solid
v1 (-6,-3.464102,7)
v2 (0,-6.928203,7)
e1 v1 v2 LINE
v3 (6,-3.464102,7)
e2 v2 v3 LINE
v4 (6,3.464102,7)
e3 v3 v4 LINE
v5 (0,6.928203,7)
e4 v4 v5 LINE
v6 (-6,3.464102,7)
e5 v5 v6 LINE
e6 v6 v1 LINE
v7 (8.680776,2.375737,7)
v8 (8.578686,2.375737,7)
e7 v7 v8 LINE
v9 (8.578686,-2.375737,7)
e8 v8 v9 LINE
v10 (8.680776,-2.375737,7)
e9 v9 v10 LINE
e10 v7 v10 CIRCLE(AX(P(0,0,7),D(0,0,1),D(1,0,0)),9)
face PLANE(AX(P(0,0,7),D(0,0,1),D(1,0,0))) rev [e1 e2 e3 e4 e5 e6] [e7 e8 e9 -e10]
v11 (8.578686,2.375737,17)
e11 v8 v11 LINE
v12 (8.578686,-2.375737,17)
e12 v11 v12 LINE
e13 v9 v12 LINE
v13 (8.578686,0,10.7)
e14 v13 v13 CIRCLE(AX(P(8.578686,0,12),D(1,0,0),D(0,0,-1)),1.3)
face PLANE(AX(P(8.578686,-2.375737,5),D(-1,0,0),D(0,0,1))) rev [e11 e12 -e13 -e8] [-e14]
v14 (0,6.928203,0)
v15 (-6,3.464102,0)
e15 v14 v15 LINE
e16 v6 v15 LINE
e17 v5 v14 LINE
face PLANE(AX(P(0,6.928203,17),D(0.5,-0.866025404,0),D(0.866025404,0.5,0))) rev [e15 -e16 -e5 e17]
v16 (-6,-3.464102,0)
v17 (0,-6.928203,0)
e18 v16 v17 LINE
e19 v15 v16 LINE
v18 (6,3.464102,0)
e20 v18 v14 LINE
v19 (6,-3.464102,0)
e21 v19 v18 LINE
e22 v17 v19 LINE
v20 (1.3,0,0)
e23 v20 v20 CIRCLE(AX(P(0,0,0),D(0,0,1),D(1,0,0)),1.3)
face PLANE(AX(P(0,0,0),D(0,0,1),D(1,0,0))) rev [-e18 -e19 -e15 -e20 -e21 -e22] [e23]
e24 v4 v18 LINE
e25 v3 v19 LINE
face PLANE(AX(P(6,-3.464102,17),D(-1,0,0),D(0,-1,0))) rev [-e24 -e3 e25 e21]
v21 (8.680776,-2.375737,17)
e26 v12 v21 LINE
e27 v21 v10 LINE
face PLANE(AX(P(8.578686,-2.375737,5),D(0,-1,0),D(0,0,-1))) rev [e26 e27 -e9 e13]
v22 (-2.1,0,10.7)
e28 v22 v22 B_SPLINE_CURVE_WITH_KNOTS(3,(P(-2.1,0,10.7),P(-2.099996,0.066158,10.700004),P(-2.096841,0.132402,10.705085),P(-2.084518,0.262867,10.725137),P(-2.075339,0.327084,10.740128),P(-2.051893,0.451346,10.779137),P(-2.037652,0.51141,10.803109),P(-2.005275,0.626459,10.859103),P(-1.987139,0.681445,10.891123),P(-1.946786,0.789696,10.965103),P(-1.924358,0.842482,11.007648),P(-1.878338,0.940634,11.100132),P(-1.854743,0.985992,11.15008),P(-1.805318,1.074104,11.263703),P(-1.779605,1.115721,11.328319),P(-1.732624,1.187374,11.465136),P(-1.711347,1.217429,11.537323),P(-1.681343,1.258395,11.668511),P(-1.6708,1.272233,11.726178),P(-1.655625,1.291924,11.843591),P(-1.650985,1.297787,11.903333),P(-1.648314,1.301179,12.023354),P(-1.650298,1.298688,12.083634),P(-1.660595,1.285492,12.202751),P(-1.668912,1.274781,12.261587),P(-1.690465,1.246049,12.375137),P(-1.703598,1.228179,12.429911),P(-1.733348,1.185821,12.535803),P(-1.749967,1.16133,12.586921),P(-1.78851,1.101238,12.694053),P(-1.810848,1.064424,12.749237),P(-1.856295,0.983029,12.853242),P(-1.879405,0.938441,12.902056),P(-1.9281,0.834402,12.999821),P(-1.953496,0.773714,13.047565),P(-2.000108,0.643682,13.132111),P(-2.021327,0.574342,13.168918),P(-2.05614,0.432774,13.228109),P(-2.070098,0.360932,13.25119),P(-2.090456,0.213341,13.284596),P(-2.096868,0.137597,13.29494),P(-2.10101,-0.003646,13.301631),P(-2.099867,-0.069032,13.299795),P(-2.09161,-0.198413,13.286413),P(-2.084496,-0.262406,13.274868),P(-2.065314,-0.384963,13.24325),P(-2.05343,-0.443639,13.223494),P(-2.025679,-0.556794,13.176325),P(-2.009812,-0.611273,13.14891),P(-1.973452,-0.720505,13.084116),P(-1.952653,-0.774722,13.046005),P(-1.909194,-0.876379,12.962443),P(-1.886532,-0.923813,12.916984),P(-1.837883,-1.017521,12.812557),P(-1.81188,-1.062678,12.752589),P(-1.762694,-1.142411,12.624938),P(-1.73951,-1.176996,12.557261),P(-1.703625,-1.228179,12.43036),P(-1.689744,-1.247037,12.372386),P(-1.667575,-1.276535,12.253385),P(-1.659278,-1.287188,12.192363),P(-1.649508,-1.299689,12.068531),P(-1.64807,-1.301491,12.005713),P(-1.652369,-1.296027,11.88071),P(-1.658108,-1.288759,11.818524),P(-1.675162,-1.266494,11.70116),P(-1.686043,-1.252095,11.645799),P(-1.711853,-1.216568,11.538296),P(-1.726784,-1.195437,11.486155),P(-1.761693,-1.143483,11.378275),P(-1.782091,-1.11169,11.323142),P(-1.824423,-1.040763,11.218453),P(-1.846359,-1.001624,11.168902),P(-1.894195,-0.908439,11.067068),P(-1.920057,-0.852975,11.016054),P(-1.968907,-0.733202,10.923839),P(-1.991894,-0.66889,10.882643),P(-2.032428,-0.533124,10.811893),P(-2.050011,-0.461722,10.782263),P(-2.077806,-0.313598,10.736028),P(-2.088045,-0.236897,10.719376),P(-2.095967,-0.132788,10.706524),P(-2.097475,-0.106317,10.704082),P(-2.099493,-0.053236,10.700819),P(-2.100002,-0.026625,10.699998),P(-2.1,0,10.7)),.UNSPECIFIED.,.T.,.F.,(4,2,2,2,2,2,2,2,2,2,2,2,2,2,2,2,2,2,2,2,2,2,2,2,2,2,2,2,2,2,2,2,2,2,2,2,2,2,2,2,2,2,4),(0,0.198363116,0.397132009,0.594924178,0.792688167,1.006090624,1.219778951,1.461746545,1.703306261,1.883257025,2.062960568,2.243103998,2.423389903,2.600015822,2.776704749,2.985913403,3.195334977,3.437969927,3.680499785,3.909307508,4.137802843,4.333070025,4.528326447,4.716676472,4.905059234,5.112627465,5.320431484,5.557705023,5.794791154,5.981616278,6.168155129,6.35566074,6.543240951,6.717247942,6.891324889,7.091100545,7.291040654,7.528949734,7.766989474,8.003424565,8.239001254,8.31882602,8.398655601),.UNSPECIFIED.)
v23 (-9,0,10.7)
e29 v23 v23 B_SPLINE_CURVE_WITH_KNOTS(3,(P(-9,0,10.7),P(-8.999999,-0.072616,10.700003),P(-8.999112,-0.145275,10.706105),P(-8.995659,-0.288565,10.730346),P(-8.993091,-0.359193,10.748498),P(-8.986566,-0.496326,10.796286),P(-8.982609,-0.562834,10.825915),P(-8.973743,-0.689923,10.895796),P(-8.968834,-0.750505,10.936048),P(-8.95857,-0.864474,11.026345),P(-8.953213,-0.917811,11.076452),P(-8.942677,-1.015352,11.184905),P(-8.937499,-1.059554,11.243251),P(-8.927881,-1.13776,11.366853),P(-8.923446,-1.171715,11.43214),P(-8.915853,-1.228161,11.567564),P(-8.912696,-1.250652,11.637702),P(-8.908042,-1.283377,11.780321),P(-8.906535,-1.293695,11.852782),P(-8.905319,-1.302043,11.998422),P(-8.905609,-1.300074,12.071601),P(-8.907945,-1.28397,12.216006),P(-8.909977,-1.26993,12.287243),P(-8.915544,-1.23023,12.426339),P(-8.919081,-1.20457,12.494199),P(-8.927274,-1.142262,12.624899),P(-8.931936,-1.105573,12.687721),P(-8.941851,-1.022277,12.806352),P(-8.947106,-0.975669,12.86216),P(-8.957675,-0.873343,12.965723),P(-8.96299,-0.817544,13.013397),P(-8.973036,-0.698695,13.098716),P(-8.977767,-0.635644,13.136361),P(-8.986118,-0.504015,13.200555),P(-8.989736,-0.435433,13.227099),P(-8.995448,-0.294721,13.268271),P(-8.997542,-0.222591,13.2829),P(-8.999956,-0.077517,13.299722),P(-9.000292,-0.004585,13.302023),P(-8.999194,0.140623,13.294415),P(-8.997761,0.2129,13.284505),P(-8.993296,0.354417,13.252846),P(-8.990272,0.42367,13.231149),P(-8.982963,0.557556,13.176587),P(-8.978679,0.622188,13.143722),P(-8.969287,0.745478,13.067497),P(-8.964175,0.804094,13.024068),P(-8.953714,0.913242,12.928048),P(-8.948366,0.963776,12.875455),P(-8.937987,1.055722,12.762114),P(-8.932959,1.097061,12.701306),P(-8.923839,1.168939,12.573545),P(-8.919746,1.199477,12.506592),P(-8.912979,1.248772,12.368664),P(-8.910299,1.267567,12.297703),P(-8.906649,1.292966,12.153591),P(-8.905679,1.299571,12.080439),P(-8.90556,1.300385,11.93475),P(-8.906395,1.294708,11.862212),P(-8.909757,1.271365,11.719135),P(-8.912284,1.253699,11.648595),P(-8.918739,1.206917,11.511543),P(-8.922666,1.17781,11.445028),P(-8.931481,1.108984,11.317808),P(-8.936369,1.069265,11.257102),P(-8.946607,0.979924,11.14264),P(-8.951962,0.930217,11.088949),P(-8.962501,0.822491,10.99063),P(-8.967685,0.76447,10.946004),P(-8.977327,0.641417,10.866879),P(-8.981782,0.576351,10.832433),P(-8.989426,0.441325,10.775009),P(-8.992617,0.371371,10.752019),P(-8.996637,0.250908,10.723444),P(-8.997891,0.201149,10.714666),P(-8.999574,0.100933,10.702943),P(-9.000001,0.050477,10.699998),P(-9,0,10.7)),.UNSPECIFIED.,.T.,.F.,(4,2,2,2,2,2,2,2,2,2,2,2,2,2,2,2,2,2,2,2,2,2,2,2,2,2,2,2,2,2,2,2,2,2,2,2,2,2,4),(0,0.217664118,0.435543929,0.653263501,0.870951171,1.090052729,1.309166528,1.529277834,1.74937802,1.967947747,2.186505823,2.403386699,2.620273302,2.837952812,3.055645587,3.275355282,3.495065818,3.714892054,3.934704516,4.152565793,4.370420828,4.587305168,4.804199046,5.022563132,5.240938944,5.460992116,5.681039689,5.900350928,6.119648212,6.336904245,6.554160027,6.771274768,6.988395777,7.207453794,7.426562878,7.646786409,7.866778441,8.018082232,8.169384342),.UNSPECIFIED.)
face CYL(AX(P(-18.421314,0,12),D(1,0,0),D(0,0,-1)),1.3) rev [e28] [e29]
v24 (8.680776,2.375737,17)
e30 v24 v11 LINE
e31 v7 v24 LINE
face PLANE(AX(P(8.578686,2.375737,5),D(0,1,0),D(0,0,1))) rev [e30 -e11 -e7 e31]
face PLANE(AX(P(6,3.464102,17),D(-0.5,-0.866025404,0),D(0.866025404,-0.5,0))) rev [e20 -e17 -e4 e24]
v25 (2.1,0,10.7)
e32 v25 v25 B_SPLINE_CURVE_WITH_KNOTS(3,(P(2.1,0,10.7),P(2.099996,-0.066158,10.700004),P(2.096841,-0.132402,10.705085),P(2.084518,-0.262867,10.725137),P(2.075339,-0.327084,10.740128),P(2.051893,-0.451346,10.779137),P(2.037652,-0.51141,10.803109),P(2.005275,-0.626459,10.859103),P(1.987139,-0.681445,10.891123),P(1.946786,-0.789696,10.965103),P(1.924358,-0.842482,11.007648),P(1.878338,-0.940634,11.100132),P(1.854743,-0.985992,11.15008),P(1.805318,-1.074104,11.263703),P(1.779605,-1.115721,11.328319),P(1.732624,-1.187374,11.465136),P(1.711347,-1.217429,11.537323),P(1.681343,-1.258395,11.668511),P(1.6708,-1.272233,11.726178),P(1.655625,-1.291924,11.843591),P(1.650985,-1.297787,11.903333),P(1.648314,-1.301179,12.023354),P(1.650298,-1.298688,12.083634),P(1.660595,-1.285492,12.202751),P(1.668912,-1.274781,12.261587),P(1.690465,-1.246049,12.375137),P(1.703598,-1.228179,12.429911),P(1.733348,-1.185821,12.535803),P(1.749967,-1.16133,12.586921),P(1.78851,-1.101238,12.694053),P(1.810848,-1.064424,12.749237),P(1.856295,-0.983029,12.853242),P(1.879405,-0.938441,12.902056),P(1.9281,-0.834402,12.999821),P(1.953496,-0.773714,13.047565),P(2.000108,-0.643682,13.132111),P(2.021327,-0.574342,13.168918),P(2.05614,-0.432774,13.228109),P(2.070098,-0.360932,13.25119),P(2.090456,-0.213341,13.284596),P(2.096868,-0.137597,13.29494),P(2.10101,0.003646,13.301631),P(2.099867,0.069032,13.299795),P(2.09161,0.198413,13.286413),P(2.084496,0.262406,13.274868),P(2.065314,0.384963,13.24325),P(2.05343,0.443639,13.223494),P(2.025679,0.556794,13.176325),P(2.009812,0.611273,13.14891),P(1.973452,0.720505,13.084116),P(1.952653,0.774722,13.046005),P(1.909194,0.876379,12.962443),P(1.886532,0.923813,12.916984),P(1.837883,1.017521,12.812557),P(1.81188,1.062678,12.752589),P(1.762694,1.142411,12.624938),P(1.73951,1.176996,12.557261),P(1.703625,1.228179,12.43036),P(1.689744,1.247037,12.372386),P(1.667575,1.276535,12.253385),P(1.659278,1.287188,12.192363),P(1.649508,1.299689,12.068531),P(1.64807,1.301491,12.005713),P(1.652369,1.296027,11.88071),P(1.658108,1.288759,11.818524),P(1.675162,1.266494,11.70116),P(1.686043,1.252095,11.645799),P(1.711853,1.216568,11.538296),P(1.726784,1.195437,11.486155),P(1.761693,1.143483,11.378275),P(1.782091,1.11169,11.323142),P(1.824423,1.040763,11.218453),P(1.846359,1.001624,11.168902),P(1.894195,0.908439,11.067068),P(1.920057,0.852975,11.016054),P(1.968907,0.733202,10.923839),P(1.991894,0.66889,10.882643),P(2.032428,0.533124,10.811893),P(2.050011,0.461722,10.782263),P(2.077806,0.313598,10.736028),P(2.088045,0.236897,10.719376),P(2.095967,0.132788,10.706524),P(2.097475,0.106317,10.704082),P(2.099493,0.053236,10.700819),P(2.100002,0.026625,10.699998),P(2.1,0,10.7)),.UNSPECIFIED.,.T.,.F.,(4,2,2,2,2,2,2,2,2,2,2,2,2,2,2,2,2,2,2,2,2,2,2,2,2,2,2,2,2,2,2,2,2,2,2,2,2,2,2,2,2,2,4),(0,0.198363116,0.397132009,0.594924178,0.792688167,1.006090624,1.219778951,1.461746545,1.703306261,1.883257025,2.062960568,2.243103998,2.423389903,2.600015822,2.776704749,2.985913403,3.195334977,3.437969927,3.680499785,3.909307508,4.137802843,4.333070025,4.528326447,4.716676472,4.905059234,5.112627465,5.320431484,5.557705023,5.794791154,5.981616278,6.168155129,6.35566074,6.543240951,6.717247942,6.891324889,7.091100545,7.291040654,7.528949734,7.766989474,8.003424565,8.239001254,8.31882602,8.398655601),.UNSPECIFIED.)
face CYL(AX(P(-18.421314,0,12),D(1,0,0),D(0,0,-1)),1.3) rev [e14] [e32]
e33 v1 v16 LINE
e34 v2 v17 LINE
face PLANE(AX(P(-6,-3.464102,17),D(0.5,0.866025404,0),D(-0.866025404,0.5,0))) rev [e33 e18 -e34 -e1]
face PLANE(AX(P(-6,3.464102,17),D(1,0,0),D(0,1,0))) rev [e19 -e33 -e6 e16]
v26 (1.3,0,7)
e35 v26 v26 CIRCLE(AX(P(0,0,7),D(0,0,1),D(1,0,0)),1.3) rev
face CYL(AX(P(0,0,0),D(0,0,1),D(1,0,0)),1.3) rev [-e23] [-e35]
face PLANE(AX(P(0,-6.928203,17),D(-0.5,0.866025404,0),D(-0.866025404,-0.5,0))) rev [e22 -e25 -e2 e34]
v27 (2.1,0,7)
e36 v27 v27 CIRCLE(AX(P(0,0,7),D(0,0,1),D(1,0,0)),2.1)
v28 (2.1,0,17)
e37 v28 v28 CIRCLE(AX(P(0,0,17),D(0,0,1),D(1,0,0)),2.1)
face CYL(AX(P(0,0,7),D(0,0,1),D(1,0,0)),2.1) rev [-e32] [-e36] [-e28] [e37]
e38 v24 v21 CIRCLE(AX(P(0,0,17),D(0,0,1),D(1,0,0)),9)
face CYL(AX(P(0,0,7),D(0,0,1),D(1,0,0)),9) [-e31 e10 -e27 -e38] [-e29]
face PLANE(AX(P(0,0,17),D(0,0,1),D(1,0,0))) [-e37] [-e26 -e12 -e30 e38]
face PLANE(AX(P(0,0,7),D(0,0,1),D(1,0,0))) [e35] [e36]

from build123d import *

# Parameters (mm, degrees)
BOSS_EXTRU_1_DEPTH      = 17
ESQUISSE2_R             = 1.3
ENL_V_MAT_EXTRU_1_DEPTH = 17
ESQUISSE3_R             = 9
ESQUISSE3_R_2           = 1.3
BOSS_EXTRU_2_DEPTH      = 10
ESQUISSE4_W             = 0.84262724
ESQUISSE4_H             = 4.751474998
ENL_V_MAT_EXTRU_2_DEPTH = 12
ESQUISSE5_R             = 1.3
ENL_V_MAT_EXTRU_3_DEPTH = 27
ESQUISSE6_R             = 2.1
ENL_V_MAT_EXTRU_4_DEPTH = 10


with BuildPart() as part:
    # Esquisse1 → Boss.-Extru.1 (new body)
    with BuildSketch(Plane.XY):
        Polygon((6, 3.464101615), (0, 6.92820323), (-6, 3.464101615), (-6, -3.464101615), (0, -6.92820323), (6, -3.464101615), align=None)
    extrude(amount=BOSS_EXTRU_1_DEPTH)

    # Esquisse2 → Enlèv. mat.-Extru.1 (cut)
    with BuildSketch(Plane.XY.offset(17)):
        Circle(ESQUISSE2_R)
    extrude(amount=-ENL_V_MAT_EXTRU_1_DEPTH, mode=Mode.SUBTRACT)

    # Esquisse3 → Boss.-Extru.2 (add)
    with BuildSketch(Plane.XY.offset(17)):
        Circle(ESQUISSE3_R)
        Circle(ESQUISSE3_R_2, mode=Mode.SUBTRACT)
    extrude(amount=-BOSS_EXTRU_2_DEPTH)

    # Esquisse4 → Enlèv. mat.-Extru.2 (cut)
    with BuildSketch(Plane.XY.offset(17)):
        with Locations((9, 0)):
            Rectangle(ESQUISSE4_W, ESQUISSE4_H)
    extrude(amount=-ENL_V_MAT_EXTRU_2_DEPTH, mode=Mode.SUBTRACT)

    # Esquisse5 → Enlèv. mat.-Extru.3 (cut)
    with BuildSketch(Plane(origin=(8.57868638, 0, 0), x_dir=(0, 0, -1), z_dir=(1, 0, 0))):
        with Locations((-12, 0)):
            Circle(ESQUISSE5_R)
    extrude(amount=-ENL_V_MAT_EXTRU_3_DEPTH, mode=Mode.SUBTRACT)

    # Esquisse6 → Enlèv. mat.-Extru.4 (cut)
    with BuildSketch(Plane.XY.offset(17)):
        Circle(ESQUISSE6_R)
    extrude(amount=-ENL_V_MAT_EXTRU_4_DEPTH, mode=Mode.SUBTRACT)


solid = part.part
